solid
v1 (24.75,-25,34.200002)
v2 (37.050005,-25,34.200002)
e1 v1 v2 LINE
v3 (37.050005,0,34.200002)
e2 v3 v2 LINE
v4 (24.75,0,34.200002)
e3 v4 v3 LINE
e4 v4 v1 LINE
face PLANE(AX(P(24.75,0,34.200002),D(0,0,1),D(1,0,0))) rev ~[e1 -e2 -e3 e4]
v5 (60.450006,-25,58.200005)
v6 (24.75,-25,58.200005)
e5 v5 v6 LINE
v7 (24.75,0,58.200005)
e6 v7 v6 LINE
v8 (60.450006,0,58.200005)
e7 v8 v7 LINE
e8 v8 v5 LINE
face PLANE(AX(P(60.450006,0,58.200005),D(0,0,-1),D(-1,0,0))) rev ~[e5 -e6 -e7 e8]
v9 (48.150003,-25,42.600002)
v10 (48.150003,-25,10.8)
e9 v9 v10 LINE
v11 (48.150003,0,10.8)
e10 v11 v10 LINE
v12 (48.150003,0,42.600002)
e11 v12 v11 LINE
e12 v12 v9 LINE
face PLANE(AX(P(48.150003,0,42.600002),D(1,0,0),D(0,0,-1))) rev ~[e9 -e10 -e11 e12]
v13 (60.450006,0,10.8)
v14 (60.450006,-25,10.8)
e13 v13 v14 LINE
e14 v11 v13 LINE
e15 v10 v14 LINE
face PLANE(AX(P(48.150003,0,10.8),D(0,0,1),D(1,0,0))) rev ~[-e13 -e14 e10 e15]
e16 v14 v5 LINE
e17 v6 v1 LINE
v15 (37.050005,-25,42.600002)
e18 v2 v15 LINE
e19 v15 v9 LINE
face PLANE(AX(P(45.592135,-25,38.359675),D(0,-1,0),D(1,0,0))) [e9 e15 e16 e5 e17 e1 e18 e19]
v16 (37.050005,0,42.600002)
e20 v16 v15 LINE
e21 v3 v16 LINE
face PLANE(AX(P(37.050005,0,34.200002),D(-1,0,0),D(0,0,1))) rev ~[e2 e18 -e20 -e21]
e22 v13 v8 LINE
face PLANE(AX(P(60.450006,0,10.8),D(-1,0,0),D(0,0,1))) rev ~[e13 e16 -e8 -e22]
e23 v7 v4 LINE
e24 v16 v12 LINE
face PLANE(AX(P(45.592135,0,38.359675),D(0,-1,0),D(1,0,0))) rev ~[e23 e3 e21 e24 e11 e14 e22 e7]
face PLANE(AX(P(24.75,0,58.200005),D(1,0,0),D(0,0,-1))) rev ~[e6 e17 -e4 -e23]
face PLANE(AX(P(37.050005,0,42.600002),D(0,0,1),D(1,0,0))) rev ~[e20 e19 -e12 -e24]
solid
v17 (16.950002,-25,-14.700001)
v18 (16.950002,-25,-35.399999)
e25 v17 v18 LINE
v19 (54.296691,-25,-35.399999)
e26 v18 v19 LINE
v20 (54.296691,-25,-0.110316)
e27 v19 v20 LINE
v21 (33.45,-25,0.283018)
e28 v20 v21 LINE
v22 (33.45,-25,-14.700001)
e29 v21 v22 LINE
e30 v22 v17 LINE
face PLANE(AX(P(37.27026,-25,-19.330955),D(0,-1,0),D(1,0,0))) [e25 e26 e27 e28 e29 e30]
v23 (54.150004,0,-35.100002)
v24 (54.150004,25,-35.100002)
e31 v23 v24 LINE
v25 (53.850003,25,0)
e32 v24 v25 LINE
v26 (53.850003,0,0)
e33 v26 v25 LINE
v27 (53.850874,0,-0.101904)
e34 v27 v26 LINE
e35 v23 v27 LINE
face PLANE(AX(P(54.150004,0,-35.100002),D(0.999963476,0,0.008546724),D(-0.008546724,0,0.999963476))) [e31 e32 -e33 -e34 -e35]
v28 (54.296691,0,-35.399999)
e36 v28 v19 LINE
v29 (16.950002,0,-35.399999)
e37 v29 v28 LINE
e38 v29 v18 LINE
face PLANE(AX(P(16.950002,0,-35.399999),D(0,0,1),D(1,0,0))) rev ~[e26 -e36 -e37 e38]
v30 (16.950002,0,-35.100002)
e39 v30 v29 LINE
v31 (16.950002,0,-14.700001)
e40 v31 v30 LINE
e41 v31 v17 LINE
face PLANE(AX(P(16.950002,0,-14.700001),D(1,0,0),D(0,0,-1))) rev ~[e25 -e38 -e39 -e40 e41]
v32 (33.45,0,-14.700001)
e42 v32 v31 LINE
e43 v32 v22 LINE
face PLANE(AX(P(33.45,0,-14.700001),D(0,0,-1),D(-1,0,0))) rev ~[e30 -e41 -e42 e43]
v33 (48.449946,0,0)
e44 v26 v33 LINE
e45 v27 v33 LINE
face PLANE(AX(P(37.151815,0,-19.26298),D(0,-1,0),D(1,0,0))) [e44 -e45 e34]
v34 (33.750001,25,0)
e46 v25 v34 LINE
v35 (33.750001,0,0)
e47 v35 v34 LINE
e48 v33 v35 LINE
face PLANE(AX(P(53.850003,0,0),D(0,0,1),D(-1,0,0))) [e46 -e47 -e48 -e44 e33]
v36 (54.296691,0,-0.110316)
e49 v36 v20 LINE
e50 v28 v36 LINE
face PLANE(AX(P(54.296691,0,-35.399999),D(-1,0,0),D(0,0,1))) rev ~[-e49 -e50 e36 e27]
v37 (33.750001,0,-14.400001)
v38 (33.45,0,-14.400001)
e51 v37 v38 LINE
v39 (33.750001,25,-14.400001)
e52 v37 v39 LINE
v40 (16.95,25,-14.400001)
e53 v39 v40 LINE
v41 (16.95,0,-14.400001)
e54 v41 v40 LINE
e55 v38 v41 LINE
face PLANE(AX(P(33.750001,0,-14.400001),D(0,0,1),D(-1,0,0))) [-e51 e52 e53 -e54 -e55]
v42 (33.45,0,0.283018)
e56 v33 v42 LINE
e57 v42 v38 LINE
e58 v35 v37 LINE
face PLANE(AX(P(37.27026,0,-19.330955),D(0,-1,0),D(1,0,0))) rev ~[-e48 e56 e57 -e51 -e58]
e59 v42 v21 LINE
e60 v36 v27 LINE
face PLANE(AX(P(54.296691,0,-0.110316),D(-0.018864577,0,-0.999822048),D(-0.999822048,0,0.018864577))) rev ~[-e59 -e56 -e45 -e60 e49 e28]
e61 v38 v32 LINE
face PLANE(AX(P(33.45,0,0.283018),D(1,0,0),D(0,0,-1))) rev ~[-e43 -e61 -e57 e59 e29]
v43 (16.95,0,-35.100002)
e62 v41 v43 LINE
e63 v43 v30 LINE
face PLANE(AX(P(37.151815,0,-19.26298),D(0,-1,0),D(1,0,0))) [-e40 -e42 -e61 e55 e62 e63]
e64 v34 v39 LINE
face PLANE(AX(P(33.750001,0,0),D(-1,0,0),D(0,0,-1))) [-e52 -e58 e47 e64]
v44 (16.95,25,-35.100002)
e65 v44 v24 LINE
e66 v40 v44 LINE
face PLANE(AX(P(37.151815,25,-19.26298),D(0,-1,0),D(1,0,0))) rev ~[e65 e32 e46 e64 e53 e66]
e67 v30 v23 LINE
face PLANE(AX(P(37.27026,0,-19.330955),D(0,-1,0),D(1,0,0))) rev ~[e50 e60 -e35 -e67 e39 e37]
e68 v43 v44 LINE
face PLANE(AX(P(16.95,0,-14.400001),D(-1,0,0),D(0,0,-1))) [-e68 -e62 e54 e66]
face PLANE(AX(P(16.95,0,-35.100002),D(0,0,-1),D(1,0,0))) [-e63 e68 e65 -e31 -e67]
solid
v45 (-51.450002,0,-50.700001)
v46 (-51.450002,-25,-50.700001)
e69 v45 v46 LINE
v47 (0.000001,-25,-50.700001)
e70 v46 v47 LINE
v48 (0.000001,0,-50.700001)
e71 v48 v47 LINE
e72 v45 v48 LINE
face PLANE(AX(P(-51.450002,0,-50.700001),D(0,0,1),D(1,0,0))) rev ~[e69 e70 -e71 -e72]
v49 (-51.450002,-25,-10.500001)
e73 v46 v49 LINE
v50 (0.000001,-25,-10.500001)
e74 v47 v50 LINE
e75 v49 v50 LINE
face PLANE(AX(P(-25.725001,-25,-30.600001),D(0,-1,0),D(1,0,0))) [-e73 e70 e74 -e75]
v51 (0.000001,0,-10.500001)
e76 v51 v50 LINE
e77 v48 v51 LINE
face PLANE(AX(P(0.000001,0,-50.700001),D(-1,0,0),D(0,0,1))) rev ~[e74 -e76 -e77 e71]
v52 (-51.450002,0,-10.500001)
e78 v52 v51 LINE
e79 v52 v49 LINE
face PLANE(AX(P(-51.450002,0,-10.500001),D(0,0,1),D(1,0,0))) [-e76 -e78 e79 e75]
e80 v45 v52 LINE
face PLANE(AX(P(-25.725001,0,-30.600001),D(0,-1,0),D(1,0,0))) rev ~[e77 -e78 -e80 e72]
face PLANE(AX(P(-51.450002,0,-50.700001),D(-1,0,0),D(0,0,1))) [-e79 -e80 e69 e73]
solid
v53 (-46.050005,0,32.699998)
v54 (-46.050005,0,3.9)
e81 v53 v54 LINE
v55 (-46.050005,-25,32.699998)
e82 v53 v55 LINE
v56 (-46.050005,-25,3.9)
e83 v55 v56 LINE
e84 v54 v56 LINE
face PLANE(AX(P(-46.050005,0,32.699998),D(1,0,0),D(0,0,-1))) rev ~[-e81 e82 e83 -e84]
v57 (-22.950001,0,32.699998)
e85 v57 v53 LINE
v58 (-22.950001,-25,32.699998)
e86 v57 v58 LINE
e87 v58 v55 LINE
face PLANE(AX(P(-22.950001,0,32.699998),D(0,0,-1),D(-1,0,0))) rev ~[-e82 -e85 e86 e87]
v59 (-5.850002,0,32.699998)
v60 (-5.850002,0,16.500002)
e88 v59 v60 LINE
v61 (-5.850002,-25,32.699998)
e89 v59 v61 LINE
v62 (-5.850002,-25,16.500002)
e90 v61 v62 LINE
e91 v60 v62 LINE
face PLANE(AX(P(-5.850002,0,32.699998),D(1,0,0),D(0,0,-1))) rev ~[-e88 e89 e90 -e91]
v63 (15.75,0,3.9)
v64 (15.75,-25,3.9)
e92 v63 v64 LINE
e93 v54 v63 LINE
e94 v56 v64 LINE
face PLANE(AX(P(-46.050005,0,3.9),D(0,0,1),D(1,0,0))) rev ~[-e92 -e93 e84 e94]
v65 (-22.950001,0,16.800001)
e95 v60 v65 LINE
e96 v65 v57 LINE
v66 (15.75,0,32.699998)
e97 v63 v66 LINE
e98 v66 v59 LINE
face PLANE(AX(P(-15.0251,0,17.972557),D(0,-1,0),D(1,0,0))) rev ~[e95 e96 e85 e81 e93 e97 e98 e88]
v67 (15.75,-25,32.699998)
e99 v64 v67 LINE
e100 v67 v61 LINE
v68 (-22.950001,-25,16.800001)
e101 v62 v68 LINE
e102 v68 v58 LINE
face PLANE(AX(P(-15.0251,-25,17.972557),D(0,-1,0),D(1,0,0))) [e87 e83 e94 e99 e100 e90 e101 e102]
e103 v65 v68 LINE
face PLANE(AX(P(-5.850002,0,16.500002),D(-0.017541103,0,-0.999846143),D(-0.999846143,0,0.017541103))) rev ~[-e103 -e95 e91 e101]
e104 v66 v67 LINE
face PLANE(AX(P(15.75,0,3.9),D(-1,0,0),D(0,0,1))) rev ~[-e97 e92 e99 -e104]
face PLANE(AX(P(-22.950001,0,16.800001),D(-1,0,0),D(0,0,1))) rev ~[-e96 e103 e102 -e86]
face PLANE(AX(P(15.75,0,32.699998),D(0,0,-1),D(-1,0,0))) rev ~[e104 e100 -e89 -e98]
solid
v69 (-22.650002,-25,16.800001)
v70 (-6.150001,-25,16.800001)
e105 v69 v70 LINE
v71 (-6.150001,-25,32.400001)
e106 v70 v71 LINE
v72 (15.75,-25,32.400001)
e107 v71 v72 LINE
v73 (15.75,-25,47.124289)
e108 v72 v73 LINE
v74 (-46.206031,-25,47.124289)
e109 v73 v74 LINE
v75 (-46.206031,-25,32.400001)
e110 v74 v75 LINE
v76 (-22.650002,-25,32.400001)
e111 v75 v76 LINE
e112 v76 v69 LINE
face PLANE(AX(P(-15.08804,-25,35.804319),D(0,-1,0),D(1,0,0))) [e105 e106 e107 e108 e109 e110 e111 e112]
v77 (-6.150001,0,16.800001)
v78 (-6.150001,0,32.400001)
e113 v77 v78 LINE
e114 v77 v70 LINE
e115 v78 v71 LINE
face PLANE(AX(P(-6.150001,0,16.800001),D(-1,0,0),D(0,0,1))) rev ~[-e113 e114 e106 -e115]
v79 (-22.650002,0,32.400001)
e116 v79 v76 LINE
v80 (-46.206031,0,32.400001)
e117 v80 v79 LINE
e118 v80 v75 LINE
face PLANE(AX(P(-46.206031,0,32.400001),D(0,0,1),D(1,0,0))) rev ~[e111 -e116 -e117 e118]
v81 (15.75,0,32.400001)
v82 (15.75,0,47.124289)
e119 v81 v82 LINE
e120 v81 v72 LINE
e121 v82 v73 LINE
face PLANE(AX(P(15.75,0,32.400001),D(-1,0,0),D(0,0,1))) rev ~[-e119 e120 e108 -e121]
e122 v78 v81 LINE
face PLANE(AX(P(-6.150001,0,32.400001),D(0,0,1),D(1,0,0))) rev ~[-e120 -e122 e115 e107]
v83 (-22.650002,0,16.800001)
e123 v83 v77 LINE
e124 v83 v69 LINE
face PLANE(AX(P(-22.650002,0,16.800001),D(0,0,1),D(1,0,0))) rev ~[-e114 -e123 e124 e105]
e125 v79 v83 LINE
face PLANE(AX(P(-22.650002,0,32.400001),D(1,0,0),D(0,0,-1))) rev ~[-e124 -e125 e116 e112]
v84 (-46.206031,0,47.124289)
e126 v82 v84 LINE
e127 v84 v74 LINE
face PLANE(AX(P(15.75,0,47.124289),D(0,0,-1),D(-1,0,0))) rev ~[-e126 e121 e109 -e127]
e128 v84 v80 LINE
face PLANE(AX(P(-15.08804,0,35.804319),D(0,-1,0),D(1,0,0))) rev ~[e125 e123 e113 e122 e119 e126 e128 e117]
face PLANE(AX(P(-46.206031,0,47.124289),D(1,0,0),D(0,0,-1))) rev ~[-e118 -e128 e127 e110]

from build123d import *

# Parameters (mm, degrees)
F1_DEPTH  = 25
F3_DEPTH  = 25
F4_W      = 51.450003
F4_H      = 40.2
F5_DEPTH  = 25
F7_DEPTH  = 25
F8_DEPTH  = 25
F10_DEPTH = 25
F12_DEPTH = 25


with BuildPart() as f1:
    # F0 (on Front) → F1 (new body)
    with BuildSketch(Plane.XZ):
        Polygon((-30.749999, 32.699998), (-46.050005, 32.699998), (-46.050005, 3.9), (15.75, 3.9), (15.75, 32.699998), (-5.850002, 32.699998), (-5.850002, 16.500002), (-22.950001, 16.800001), (-22.950001, 32.699998), align=None)
    extrude(amount=F1_DEPTH)


with BuildPart() as f3:
    # F2 (on Front) → F3 (new body)
    with BuildSketch(Plane.XZ):
        Polygon((-22.650002, 32.400001), (-22.650002, 16.800001), (-6.150001, 16.800001), (-6.150001, 32.400001), (15.75, 32.400001), (15.75, 47.124289), (-46.206031, 47.124289), (-46.206031, 32.400001), align=None)
    extrude(amount=F3_DEPTH)


with BuildPart() as f5:
    # F4 (on Front) → F5 (new body)
    with BuildSketch(Plane.XZ):
        with Locations((-25.725001, -30.600001)):
            Rectangle(F4_W, F4_H)
    extrude(amount=F5_DEPTH)


with BuildPart() as f7:
    # F6 (on Front) → F7 (new body)
    with BuildSketch(Plane.XZ):
        Polygon((54.296691, -35.399999), (54.296691, -0.110316), (33.45, 0.283018), (33.45, -14.700001), (16.950002, -14.700001), (16.950002, -35.399999), align=None)
    extrude(amount=F7_DEPTH)

    # F6 (on Front) → F8 (join)
    with BuildSketch(Plane.XZ):
        Polygon((54.296691, -35.399999), (54.296691, -0.110316), (33.45, 0.283018), (33.45, -14.700001), (16.950002, -14.700001), (16.950002, -35.399999), align=None)
    extrude(amount=F8_DEPTH)

    # F9 (on Front) → F10 (join)
    with BuildSketch(Plane.XZ):
        Polygon((54.150004, -35.100002), (53.850003, 0), (33.750001, 0), (33.750001, -14.400001), (16.95, -14.400001), (16.95, -35.100002), align=None)
    extrude(amount=-F10_DEPTH)


with BuildPart() as f12:
    # F11 (on Front) → F12 (new body)
    with BuildSketch(Plane.XZ):
        Polygon((24.75, 58.200005), (24.75, 34.200002), (37.050005, 34.200002), (37.050005, 42.600002), (48.150003, 42.600002), (48.150003, 10.8), (60.450006, 10.8), (60.450006, 58.200005), align=None)
    extrude(amount=F12_DEPTH)


solid = Compound([f1.part, f3.part, f5.part, f7.part, f12.part])
